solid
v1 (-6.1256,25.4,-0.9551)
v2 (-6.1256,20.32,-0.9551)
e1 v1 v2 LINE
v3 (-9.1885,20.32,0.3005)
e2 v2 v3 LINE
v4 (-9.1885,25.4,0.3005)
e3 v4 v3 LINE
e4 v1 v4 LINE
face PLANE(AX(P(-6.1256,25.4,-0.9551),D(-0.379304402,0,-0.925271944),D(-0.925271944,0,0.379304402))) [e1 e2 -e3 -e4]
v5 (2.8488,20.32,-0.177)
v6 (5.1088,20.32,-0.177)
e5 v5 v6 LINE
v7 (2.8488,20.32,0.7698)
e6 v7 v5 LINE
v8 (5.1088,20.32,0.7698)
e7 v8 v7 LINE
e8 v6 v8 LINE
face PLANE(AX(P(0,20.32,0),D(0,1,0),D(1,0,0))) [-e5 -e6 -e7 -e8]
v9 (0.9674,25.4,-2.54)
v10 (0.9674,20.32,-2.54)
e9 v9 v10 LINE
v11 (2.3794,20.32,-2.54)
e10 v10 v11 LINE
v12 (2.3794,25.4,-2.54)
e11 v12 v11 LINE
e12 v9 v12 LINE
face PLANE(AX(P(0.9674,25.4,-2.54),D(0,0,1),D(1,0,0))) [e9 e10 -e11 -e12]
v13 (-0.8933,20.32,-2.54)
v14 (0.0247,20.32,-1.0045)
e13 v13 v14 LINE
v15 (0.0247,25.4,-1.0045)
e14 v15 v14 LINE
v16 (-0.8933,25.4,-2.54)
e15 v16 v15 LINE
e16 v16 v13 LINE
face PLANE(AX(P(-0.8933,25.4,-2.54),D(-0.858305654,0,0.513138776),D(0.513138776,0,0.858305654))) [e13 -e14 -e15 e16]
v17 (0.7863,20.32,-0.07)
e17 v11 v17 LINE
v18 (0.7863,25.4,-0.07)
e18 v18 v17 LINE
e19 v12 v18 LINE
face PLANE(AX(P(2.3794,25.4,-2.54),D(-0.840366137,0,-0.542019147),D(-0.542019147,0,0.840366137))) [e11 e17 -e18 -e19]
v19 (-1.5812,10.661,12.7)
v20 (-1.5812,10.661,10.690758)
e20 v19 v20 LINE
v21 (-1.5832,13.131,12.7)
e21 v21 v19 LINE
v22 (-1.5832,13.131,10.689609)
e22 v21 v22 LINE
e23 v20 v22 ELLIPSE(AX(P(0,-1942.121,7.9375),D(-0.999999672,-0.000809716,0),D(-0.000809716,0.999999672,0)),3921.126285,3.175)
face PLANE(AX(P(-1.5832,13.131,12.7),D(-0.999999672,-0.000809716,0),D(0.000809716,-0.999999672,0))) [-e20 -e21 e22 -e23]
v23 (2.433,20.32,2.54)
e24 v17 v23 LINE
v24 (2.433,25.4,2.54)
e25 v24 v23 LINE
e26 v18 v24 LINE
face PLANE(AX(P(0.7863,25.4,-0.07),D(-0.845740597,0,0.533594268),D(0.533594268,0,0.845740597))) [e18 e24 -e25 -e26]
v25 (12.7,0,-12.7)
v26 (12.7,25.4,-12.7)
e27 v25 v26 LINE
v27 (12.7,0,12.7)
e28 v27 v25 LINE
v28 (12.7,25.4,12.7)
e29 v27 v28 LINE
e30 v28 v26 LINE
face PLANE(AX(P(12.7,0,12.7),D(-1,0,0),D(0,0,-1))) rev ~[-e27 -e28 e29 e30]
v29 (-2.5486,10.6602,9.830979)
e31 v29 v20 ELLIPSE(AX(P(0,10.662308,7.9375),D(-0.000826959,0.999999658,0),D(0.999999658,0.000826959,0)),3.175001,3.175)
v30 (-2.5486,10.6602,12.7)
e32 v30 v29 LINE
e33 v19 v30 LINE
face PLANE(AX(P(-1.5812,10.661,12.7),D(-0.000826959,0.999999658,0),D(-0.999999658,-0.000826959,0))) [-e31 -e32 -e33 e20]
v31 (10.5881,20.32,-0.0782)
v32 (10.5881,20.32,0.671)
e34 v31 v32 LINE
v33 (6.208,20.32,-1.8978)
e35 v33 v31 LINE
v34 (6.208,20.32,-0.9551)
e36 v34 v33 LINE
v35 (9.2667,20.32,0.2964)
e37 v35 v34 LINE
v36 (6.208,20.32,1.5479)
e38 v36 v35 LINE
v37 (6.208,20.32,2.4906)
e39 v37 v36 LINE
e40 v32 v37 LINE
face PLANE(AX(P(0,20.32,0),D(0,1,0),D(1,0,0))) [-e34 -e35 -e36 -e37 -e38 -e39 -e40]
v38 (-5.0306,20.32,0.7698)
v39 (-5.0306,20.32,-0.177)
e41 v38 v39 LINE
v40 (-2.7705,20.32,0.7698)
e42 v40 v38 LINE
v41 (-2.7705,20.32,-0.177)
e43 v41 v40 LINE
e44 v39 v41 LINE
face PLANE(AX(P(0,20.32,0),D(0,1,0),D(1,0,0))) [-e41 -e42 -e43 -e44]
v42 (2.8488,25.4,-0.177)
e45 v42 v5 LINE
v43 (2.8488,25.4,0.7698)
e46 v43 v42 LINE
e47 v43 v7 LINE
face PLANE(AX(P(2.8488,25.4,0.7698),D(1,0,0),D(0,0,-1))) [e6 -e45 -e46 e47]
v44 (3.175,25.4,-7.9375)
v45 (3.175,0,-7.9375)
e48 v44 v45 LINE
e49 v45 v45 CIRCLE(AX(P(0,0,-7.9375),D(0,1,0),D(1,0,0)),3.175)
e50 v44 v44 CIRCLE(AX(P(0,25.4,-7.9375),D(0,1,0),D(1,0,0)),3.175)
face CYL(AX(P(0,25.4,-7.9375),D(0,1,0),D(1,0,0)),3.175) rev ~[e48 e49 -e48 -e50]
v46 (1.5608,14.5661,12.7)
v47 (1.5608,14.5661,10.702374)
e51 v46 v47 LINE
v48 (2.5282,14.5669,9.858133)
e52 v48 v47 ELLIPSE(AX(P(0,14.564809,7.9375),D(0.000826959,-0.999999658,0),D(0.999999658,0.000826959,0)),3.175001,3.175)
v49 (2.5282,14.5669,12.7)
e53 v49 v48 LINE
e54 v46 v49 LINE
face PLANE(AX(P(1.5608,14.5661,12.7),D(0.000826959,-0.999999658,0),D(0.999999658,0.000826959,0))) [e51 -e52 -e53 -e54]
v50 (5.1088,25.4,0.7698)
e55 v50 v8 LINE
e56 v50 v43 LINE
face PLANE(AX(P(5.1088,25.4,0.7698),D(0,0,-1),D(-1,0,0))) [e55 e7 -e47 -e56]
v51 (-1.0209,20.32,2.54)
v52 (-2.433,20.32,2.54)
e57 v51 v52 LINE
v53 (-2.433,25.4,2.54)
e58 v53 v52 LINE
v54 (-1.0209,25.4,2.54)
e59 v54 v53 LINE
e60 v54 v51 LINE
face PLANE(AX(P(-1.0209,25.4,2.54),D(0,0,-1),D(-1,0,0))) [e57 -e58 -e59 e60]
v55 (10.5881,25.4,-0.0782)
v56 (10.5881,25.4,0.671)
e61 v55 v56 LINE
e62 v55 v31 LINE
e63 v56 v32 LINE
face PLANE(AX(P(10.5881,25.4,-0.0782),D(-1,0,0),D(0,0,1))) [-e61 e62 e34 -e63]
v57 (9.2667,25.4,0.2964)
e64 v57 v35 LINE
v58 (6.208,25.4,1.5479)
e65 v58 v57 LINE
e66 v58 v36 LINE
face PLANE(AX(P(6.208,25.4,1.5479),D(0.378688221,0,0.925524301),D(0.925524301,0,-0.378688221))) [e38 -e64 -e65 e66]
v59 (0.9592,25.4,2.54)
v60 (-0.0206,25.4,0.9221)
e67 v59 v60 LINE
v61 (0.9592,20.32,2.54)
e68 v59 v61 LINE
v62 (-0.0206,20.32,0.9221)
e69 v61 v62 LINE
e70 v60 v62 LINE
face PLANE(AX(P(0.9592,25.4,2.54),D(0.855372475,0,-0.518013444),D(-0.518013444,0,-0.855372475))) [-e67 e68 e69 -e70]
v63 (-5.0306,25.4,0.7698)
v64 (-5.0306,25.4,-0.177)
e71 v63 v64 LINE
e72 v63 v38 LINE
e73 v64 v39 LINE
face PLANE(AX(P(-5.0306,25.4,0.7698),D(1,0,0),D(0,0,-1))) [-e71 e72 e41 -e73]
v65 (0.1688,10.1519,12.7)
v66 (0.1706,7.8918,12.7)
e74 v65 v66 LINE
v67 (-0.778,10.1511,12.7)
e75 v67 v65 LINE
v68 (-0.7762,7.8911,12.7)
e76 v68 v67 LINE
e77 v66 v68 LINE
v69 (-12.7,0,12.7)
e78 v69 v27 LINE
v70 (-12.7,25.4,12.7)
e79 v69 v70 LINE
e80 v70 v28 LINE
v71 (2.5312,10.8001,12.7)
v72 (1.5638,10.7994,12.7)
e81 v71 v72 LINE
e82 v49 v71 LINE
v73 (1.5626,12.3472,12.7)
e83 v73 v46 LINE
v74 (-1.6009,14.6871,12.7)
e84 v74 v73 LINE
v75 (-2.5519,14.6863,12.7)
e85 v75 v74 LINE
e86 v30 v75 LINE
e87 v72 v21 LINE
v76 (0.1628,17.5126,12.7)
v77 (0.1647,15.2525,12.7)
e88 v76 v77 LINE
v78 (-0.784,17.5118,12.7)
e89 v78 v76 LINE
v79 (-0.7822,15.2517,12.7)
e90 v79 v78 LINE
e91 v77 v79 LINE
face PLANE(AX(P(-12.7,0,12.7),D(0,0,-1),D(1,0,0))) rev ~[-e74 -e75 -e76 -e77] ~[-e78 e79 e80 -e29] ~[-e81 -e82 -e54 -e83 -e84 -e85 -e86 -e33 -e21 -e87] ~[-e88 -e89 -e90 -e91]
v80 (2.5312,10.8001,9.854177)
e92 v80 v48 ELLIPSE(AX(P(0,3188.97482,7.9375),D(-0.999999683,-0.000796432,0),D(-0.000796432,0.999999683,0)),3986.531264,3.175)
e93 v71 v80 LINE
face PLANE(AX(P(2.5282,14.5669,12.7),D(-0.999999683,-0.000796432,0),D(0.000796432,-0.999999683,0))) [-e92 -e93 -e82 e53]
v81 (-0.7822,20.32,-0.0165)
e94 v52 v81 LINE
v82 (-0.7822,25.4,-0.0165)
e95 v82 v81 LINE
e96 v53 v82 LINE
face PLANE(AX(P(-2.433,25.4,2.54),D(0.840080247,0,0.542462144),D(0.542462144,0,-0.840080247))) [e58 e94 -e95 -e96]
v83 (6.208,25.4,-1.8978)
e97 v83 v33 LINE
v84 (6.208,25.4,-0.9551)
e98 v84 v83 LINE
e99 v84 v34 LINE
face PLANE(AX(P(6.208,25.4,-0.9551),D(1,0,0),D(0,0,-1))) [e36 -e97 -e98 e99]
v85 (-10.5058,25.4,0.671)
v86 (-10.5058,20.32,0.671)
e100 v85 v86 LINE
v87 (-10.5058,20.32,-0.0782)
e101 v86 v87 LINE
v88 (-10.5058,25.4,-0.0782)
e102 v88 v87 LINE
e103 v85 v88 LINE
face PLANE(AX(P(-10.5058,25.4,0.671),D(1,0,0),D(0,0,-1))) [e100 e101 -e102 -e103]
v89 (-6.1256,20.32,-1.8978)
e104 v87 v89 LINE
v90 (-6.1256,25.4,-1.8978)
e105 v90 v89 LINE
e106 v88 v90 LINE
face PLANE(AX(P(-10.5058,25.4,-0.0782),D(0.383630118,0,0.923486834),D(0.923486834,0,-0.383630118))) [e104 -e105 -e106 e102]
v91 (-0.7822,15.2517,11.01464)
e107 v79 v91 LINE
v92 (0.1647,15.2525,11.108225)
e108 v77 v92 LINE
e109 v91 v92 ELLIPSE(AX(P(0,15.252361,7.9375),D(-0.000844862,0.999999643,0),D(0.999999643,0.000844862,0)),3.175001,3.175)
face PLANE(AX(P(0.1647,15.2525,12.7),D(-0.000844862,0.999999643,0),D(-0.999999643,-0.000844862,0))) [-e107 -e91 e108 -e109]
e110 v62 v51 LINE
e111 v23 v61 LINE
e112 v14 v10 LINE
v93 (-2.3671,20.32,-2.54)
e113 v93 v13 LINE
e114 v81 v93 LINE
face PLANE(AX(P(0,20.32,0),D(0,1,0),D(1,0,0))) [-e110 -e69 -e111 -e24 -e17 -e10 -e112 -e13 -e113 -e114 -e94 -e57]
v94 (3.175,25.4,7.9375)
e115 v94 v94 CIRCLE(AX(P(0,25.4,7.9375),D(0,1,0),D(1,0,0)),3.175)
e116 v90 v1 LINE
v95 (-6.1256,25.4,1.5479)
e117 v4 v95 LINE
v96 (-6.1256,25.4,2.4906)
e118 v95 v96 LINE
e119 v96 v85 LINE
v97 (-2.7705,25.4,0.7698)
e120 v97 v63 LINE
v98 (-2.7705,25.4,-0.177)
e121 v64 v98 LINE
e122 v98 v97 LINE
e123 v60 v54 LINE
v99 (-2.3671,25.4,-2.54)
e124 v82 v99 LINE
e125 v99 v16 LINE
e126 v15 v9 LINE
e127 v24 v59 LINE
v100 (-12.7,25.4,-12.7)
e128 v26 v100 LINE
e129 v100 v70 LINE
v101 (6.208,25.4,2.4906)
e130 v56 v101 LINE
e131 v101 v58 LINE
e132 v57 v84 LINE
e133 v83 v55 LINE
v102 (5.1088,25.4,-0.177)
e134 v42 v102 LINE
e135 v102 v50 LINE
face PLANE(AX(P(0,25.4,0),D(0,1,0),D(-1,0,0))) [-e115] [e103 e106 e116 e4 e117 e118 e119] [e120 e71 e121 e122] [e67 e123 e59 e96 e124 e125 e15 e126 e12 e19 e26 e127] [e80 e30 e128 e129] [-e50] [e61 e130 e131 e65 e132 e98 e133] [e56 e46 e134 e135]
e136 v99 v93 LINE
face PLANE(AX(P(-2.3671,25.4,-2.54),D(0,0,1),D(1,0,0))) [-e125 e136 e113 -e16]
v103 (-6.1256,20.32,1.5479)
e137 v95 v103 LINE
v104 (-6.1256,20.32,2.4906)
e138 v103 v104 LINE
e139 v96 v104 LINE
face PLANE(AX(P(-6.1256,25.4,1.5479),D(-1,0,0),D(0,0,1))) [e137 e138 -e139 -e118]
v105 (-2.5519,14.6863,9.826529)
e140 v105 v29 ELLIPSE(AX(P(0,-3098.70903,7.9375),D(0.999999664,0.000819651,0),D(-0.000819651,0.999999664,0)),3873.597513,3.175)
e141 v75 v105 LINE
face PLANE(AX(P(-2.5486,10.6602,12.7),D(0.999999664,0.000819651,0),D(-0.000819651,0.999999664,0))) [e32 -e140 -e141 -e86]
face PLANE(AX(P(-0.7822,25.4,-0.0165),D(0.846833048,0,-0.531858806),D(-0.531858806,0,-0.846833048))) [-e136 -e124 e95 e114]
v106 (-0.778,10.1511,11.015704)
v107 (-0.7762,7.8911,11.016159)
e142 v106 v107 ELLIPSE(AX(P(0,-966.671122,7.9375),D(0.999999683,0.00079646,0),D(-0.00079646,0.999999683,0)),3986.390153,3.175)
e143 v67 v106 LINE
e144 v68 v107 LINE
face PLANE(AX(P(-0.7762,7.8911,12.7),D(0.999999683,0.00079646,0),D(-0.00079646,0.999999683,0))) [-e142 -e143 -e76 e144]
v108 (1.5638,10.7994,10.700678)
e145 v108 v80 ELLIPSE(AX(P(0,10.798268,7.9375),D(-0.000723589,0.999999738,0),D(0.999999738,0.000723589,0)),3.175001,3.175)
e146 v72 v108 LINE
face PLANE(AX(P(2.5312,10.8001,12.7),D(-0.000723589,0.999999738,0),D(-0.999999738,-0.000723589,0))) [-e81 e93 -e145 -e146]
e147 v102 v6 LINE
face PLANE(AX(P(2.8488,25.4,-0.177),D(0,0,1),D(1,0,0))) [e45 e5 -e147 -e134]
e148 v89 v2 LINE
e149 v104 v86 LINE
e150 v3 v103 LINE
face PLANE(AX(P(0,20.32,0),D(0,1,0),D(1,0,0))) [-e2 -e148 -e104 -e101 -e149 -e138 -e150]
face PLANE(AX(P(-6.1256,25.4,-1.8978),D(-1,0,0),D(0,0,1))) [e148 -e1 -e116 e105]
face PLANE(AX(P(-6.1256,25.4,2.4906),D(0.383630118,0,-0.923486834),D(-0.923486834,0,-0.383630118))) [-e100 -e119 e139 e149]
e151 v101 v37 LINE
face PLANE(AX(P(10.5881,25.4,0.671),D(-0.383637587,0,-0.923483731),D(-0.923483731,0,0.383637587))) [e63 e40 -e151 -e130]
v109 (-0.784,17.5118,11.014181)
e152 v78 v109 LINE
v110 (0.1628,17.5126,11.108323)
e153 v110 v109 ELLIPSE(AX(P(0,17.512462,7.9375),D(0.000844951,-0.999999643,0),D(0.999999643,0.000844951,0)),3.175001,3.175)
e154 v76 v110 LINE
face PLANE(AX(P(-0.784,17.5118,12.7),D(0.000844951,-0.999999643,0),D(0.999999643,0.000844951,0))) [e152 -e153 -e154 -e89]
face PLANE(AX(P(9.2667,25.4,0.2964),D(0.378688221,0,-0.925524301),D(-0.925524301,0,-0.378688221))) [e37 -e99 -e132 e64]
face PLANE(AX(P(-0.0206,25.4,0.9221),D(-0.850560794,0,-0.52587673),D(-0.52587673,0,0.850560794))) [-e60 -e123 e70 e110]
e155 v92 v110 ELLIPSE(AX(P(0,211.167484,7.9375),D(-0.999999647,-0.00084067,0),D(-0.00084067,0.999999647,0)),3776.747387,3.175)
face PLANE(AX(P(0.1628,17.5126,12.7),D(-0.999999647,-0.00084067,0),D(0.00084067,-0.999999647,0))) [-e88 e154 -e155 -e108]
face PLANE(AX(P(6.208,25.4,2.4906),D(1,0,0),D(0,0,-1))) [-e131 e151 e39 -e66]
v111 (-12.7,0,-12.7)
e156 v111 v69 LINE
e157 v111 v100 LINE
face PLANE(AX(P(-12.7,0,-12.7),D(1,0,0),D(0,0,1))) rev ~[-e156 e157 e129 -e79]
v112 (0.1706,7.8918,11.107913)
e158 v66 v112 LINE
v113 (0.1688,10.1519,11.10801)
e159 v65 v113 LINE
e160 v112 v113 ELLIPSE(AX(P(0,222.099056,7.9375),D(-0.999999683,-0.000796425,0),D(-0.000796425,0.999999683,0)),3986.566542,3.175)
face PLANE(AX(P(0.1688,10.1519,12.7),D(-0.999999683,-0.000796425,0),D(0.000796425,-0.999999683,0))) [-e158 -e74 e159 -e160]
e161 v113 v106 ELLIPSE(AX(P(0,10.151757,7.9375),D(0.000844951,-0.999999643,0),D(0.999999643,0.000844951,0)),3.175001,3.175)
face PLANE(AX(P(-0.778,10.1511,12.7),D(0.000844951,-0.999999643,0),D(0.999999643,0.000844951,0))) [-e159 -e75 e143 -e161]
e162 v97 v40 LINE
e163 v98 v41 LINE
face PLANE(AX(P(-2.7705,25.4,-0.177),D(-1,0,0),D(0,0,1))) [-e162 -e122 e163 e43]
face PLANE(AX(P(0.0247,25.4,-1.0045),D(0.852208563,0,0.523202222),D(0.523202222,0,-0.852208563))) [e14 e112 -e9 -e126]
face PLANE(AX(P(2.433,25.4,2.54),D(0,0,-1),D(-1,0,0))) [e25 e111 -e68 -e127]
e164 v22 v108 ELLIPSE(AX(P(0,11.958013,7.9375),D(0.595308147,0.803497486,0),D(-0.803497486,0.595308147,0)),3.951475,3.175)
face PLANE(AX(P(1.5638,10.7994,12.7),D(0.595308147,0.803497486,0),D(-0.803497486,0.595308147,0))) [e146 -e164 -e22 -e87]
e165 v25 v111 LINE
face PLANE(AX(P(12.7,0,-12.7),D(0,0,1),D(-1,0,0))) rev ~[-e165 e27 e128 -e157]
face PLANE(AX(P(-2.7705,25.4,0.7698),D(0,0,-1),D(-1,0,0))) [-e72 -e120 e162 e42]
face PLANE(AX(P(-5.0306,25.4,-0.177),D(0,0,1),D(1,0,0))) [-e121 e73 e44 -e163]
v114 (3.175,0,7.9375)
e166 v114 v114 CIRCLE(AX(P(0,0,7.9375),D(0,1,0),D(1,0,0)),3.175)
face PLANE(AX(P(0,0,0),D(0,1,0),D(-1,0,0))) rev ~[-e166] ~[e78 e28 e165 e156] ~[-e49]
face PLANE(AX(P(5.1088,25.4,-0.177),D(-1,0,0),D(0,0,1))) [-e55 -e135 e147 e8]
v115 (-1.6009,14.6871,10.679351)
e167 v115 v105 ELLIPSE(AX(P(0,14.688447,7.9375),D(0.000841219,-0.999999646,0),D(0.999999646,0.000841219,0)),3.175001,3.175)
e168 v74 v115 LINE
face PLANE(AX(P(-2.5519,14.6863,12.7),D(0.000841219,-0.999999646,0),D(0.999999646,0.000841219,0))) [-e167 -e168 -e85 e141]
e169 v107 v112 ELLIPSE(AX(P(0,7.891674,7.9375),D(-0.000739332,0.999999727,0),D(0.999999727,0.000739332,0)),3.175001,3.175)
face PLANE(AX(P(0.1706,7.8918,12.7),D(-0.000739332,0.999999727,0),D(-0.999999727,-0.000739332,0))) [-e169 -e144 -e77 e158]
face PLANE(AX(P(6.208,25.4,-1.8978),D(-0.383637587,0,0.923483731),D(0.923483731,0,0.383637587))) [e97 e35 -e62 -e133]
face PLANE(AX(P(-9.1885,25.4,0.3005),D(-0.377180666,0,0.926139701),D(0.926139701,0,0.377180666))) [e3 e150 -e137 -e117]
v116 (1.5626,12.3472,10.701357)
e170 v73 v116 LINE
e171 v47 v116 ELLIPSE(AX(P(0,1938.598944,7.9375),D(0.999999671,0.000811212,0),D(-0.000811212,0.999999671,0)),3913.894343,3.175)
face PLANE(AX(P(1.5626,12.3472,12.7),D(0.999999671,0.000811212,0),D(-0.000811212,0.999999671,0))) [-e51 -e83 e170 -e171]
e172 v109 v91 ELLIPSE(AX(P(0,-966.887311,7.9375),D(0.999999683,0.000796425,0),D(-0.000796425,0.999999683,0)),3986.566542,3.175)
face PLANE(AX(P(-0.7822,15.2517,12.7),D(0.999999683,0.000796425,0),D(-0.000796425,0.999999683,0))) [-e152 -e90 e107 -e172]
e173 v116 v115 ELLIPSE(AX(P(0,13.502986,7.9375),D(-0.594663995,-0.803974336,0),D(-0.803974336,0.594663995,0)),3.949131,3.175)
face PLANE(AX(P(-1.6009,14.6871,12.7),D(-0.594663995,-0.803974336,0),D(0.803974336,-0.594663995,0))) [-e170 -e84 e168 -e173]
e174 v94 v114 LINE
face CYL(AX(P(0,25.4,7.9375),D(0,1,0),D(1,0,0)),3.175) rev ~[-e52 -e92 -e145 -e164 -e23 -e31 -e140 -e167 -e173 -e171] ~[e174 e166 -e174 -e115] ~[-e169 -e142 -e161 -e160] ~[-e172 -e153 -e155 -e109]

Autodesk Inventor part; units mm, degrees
ref_plane "YZ Plane" through (0, 0, 0) normal (1, 0, 0) x (0, 1, 0)
ref_plane "XZ Plane" through (0, 0, 0) normal (0, 1, 0) x (-1, 0, 0)
ref_plane "XY Plane" through (0, 0, 0) normal (0, 0, 1) x (1, 0, 0)
sketch "Sketch1" plane through (0, 0, 0) normal (0, 1, 0) x (-1, 0, 0)
  line L0 (12.7, 12.7) -> (-12.7, 12.7)
  line L1 (-12.7, 12.7) -> (-12.7, -12.7)
  line L2 (-12.7, -12.7) -> (12.7, -12.7)
  line L3 (12.7, -12.7) -> (12.7, 12.7)
  line L4 (12.7, 12.7) -> (-12.7, -12.7) construction
  line L5 (-12.7, 12.7) -> (12.7, -12.7) construction
  point P0 (0, 0)
  dimension "d0" = 25.4
  dimension "d1" = 25.4
extrude "Extrusion1" add sketch "Sketch1" along normal blind 25.4
sketch "Sketch2" plane through (0, 25.4, 0) normal (0, 1, 0) x (1, 0, 0)
  line L0 (-12.7, 12.7) -> (-12.7, -12.7) construction
  line L1 (-12.7, 0) -> (12.7, 0) construction
  line L2 (12.7, -12.7) -> (12.7, 12.7) construction
  line L3 (-6.1256, -2.4906) -> (-10.5058, -0.671)
  line L4 (-10.5058, -0.671) -> (-10.5058, 0.0782)
  line L5 (-10.5058, 0.0782) -> (-6.1256, 1.8978)
  line L6 (-6.1256, 1.8978) -> (-6.1256, 0.9551)
  line L7 (-6.1256, 0.9551) -> (-9.1885, -0.3005)
  line L8 (-9.1885, -0.3005) -> (-6.1256, -1.5479)
  line L9 (-6.1256, -1.5479) -> (-6.1256, -2.4906)
  line L10 (-2.7705, -0.7698) -> (-5.0306, -0.7698)
  line L11 (-5.0306, -0.7698) -> (-5.0306, 0.177)
  line L12 (-5.0306, 0.177) -> (-2.7705, 0.177)
  line L13 (-2.7705, 0.177) -> (-2.7705, -0.7698)
  line L14 (2.433, -2.54) -> (0.9592, -2.54)
  line L15 (0.9592, -2.54) -> (-0.0206, -0.9221)
  line L16 (-0.0206, -0.9221) -> (-1.0209, -2.54)
  line L17 (-1.0209, -2.54) -> (-2.433, -2.54)
  line L18 (-2.433, -2.54) -> (-0.7822, 0.0165)
  line L19 (-0.7822, 0.0165) -> (-2.3671, 2.54)
  line L20 (-2.3671, 2.54) -> (-0.8933, 2.54)
  line L21 (-0.8933, 2.54) -> (0.0247, 1.0045)
  line L22 (0.0247, 1.0045) -> (0.9674, 2.54)
  line L23 (0.9674, 2.54) -> (2.3794, 2.54)
  line L24 (2.3794, 2.54) -> (0.7863, 0.07)
  line L25 (0.7863, 0.07) -> (2.433, -2.54)
  line L26 (5.1088, -0.7698) -> (2.8488, -0.7698)
  line L27 (2.8488, -0.7698) -> (2.8488, 0.177)
  line L28 (2.8488, 0.177) -> (5.1088, 0.177)
  line L29 (5.1088, 0.177) -> (5.1088, -0.7698)
  line L30 (10.5881, -0.671) -> (6.208, -2.4906)
  line L31 (6.208, -2.4906) -> (6.208, -1.5479)
  line L32 (6.208, -1.5479) -> (9.2667, -0.2964)
  line L33 (9.2667, -0.2964) -> (6.208, 0.9551)
  line L34 (6.208, 0.9551) -> (6.208, 1.8978)
  line L35 (6.208, 1.8978) -> (10.5881, 0.0782)
  line L36 (10.5881, 0.0782) -> (10.5881, -0.671)
  point P0 (0, 0)
extrude "Extrusion2" cut sketch "Sketch2" against normal blind 5.08
sketch "Sketch3" plane through (-12.7, 0, 12.7) normal (0, 0, 1) x (1, 0, 0)
  line L0 (12.6794, 25.4) -> (11.6791, 25.4) construction
  line L1 (12.7, 0) -> (12.6794, 25.4) construction
  line L2 (11.9178, 15.2517) -> (11.916, 17.5118)
  line L3 (11.916, 17.5118) -> (12.8628, 17.5126)
  line L4 (12.8628, 17.5126) -> (12.8647, 15.2525)
  line L5 (12.8647, 15.2525) -> (11.9178, 15.2517)
  line L6 (10.1514, 10.6602) -> (10.1481, 14.6863)
  line L7 (10.1481, 14.6863) -> (11.0991, 14.6871)
  line L8 (11.0991, 14.6871) -> (14.2626, 12.3472)
  line L9 (14.2626, 12.3472) -> (14.2608, 14.5661)
  line L10 (14.2608, 14.5661) -> (15.2282, 14.5669)
  line L11 (15.2282, 14.5669) -> (15.2312, 10.8001)
  line L12 (15.2312, 10.8001) -> (14.2638, 10.7994)
  line L13 (14.2638, 10.7994) -> (11.1168, 13.131)
  line L14 (11.1168, 13.131) -> (11.1188, 10.661)
  line L15 (11.1188, 10.661) -> (10.1514, 10.6602)
  line L16 (11.9238, 7.8911) -> (11.922, 10.1511)
  line L17 (11.922, 10.1511) -> (12.8688, 10.1519)
  line L18 (12.8688, 10.1519) -> (12.8706, 7.8918)
  line L19 (12.8706, 7.8918) -> (11.9238, 7.8911)
extrude "Extrusion3" cut sketch "Sketch3" against normal blind 5.08
sketch "Sketch11" plane through (0, 25.4, 0) normal (0, 1, 0) x (1, 0, 0)
  circle A0 centre (0, 7.9375) radius 3.175
  circle A1 centre (0, -7.9375) radius 3.175
  line L0 (12.7, 12.7) -> (-12.7, 12.7) projected
  line L1 (-12.7, -12.7) -> (12.7, -12.7) projected
  point P0 (0, 0)
  dimension "d81" = 6.35
  dimension "d82" = 4.7625
  dimension "d83" = 4.7625
extrude "Extrusion4" cut sketch "Sketch11" against normal blind 25.4
equation "\"d46\" = 0.125 * Sketch7_Pitch"
equation "\"Sketch7_Pitch\" = 1.27"
equation "\"d48\" = 60deg"
equation "\"d67\" = 0.125 * Sketch9_Pitch"
equation "\"Sketch9_Pitch\" = 1.27"
equation "\"d69\" = 60deg"
equation "\"d99\" = 0.125 * Sketch12_Pitch"
equation "\"Sketch12_Pitch\" = 1.27"
equation "\"d101\" = 60deg"
equation "\"d120\" = 0.125 * Sketch14_Pitch"
equation "\"Sketch14_Pitch\" = 1.27"
equation "\"d122\" = 60deg"
equation "\"d143\" = 55deg"
equation "\"Sketch16_Pitch\" = 1.27"
equation "\"d161\" = 55deg"
equation "\"Sketch18_Pitch\" = 1.27"
properties part number "squareCalibrationBlock-1in"
